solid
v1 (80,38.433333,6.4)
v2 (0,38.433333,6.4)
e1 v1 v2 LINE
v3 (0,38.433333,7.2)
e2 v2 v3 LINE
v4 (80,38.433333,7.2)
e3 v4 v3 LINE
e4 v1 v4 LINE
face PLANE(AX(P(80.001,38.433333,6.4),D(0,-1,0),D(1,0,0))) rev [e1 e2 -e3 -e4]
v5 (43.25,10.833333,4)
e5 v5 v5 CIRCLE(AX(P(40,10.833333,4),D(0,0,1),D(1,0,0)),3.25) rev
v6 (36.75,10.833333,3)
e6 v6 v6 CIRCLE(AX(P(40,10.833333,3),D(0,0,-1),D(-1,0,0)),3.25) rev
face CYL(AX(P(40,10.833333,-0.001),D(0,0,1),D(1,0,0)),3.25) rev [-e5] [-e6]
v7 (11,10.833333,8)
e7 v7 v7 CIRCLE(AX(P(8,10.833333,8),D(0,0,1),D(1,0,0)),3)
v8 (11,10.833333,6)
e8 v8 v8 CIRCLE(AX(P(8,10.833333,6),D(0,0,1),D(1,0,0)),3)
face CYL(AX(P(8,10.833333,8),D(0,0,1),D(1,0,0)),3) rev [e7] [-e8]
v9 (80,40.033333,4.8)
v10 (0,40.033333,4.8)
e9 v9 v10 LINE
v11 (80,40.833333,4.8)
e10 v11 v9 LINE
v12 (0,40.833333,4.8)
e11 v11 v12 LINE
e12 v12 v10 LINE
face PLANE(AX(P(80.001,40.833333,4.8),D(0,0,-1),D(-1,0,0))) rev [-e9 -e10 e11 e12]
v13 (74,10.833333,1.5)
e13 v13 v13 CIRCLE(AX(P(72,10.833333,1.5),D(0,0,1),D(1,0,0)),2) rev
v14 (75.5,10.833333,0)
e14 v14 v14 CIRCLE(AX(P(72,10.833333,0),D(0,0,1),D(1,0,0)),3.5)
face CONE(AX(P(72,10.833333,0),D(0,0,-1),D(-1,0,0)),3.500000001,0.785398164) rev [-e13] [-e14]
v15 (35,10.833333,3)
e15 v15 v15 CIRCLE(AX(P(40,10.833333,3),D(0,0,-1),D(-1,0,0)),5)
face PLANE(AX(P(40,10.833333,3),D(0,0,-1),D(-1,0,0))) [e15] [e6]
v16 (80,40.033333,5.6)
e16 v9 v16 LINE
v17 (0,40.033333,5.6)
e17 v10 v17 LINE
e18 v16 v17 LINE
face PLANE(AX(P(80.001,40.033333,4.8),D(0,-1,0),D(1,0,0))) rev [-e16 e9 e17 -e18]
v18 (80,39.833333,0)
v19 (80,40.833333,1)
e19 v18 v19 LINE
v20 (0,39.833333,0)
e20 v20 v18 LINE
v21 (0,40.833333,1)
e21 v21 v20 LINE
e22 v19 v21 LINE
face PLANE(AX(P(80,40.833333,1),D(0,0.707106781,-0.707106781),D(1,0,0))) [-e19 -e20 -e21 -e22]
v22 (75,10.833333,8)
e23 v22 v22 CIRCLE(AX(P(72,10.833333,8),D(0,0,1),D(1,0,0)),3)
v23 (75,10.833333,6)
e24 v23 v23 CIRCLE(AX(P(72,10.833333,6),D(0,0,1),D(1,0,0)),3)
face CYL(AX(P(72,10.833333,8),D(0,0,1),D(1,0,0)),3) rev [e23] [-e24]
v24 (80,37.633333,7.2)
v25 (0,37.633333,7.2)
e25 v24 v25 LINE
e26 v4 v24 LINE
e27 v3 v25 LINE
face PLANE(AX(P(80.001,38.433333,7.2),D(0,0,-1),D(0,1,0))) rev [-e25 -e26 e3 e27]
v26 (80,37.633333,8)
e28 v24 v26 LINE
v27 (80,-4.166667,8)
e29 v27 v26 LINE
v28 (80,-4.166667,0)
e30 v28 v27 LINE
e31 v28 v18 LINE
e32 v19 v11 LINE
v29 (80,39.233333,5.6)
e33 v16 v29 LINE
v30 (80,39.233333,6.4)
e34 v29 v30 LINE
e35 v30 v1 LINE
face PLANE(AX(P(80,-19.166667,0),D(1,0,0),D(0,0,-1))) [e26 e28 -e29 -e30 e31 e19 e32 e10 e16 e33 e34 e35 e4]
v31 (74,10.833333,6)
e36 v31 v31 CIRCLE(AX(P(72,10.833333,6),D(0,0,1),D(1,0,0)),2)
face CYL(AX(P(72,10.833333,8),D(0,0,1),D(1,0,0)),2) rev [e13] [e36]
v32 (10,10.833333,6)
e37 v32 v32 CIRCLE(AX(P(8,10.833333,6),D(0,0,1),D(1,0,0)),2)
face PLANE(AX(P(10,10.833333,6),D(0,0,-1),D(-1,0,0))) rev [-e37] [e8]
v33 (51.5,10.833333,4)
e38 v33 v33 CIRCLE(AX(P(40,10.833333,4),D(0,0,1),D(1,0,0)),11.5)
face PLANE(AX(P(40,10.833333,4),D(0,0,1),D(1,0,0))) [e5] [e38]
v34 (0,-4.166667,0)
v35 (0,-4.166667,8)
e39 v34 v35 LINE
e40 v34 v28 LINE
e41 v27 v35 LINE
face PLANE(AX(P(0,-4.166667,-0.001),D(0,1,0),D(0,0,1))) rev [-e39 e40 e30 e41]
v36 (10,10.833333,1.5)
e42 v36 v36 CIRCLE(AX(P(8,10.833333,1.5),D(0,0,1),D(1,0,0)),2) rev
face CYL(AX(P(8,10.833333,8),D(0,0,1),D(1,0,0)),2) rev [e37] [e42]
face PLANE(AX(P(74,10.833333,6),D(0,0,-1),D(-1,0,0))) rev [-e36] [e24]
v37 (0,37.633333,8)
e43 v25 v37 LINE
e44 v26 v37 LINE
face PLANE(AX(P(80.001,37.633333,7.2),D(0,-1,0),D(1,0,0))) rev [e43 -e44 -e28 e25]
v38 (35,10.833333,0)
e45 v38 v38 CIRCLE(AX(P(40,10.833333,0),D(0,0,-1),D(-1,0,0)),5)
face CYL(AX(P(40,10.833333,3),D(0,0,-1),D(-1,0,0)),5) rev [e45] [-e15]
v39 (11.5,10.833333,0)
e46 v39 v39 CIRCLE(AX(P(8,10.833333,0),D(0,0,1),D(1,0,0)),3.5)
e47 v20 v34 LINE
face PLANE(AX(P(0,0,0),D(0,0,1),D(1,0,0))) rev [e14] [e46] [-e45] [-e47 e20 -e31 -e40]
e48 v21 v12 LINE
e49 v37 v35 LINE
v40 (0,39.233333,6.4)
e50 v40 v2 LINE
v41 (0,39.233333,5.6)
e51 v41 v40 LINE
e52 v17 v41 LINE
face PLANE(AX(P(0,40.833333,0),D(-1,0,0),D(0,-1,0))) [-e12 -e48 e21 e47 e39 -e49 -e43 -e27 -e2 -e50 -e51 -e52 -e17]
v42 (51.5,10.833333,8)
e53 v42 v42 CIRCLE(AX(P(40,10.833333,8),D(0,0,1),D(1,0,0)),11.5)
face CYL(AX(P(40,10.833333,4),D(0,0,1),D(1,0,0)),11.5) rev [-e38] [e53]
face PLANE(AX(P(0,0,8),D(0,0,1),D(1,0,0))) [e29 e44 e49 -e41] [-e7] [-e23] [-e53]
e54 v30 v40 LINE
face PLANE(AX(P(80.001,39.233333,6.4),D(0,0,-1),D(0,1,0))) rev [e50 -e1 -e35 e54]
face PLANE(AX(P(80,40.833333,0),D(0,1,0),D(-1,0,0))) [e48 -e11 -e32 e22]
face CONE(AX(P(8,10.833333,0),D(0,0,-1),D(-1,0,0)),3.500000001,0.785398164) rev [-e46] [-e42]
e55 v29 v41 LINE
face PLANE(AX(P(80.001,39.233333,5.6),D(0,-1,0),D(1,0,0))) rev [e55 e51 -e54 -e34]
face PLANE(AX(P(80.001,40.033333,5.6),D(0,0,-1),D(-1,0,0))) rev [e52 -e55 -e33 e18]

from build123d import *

# Parameters (mm, degrees)
SKETCH_1_W                     = 80
SKETCH_1_H                     = 60
EXTRUDE_1_DEPTH                = 8
HOLE_WIZARD_M3_5_1_D           = 4
HOLE_WIZARD_M3_5_1_CBORE_D     = 6
HOLE_WIZARD_M3_5_1_CBORE_DEPTH = 2
SKETCH_14_W                    = 80
SKETCH_14_H                    = 2
SKETCH_14_W_2                  = 2
SKETCH_14_H_2                  = 16
CUT_EXTRUDE_1_DEPTH            = 1
CUT_EXTRUDE_2_REACH            = 92.174
SKETCH_15_R                    = 3.25
SKETCH_17_R                    = 11.5
CUT_EXTRUDE_4_DEPTH            = 4
SKETCH_18_R                    = 5
CUT_EXTRUDE_5_DEPTH            = 3
CHAMFER_1_SIZE                 = 1.499999999
CHAMFER_1_SIZE2                = 1.500000001
CHAMFER_2_SIZE                 = 1
SKETCH_20_W                    = 80
SKETCH_20_H                    = 6
CUT_EXTRUDE_6_DEPTH            = 1
SKETCH_21_W                    = 80
SKETCH_21_H                    = 4
CUT_EXTRUDE_7_DEPTH            = 1
SKETCH_22_W                    = 80
SKETCH_22_H                    = 2
CUT_EXTRUDE_8_DEPTH            = 1
SKETCH_23_R                    = 1
CUT_EXTRUDE_9_DEPTH            = 1
CUT_EXTRUDE_10_REACH           = 92.174
SKETCH_24_W                    = 80
SKETCH_24_H                    = 15
SKETCH_25_W                    = 80
SKETCH_25_H                    = 18
EXTRUDE_2_DEPTH                = 3
CUT_EXTRUDE_11_REACH           = 92.174


with BuildPart() as part:
    # 草图1 → 凸台-拉伸1 (new body)
    with BuildSketch(Plane.XY.offset(8)):
        with Locations((40, 10.833333333)):
            Rectangle(SKETCH_1_W, SKETCH_1_H)
    extrude(amount=-EXTRUDE_1_DEPTH)

    # M3.5 六角头机械螺钉的柱形沉头孔1 (through all)
    with Locations(Plane.XY.offset(8)):
        with Locations((8, 10.833333333), (72, 10.833333333)):
            CounterBoreHole(HOLE_WIZARD_M3_5_1_D / 2, HOLE_WIZARD_M3_5_1_CBORE_D / 2, HOLE_WIZARD_M3_5_1_CBORE_DEPTH)

    # 草图14 → 切除-拉伸1 (cut)
    with BuildSketch(Plane.XY.offset(8)):
        with Locations((40, 37.833333333)):
            Rectangle(SKETCH_14_W, SKETCH_14_H)
        Polygon((15, 40.833333333), (31, 24.833333333), (32.414213562, 26.247546896), (16.414213562, 42.247546896), align=None)
        with Locations((7, 32.833333333)):
            Rectangle(SKETCH_14_W_2, SKETCH_14_H_2)
        with Locations((40, 32.833333333)):
            Rectangle(SKETCH_14_W_2, SKETCH_14_H_2)
        with Locations((73, 32.833333333)):
            Rectangle(SKETCH_14_W_2, SKETCH_14_H_2)
        Polygon((47.585786438, 26.247546896), (63.585786438, 42.247546896), (65, 40.833333333), (49, 24.833333333), align=None)
    extrude(amount=-CUT_EXTRUDE_1_DEPTH, mode=Mode.SUBTRACT)

    # 草图15 → 切除-拉伸2 (cut, up to next)
    with BuildSketch(Plane.XY.offset(8), mode=Mode.PRIVATE) as cut_extrude_2_sk1:
        with Locations((40, 10.833333333)):
            Circle(SKETCH_15_R)
    cut_extrude_2_tool1 = extrude(cut_extrude_2_sk1.sketch, amount=-CUT_EXTRUDE_2_REACH, mode=Mode.PRIVATE) & part.part
    add(cut_extrude_2_tool1.solids().sort_by_distance((40, 10.833333, 8))[0], mode=Mode.SUBTRACT)

    # 草图17 → 切除-拉伸4 (cut)
    with BuildSketch(Plane.XY.offset(8)):
        with Locations((40, 10.833333333)):
            Circle(SKETCH_17_R)
    extrude(amount=-CUT_EXTRUDE_4_DEPTH, mode=Mode.SUBTRACT)

    # 草图18 → 切除-拉伸5 (cut)
    with BuildSketch(Plane(origin=(0, 0, 0), x_dir=(-1, 0, 0), z_dir=(0, 0, -1))):
        with Locations((-40, 10.833333333)):
            Circle(SKETCH_18_R)
    extrude(amount=-CUT_EXTRUDE_5_DEPTH, mode=Mode.SUBTRACT)

    # 倒角1
    chamfer_1_edges = [part.edges().sort_by_distance(p)[0] for p in [
        (74, 10.833333333, 0),
        (10, 10.833333333, 0),
    ]]
    chamfer_1_side = [part.faces().sort_by_distance(p)[0] for p in [
        (79, 10.833333333, 0),
    ]]
    chamfer(chamfer_1_edges, length=CHAMFER_1_SIZE, length2=CHAMFER_1_SIZE2, reference=chamfer_1_side[0])

    # 倒角2
    chamfer_2_edges = [part.edges().sort_by_distance(p)[0] for p in [
        (40, 40.833333333, 0),
    ]]
    chamfer(chamfer_2_edges, length=CHAMFER_2_SIZE)

    # 草图20 → 切除-拉伸6 (cut)
    with BuildSketch(Plane.XY.offset(8)):
        with Locations((40, -16.166666667)):
            Rectangle(SKETCH_20_W, SKETCH_20_H)
    extrude(amount=-CUT_EXTRUDE_6_DEPTH, mode=Mode.SUBTRACT)

    # 草图21 → 切除-拉伸7 (cut)
    with BuildSketch(Plane.XY.offset(7)):
        with Locations((40, -17.166666667)):
            Rectangle(SKETCH_21_W, SKETCH_21_H)
    extrude(amount=-CUT_EXTRUDE_7_DEPTH, mode=Mode.SUBTRACT)

    # 草图22 → 切除-拉伸8 (cut)
    with BuildSketch(Plane.XY.offset(6)):
        with Locations((40, -18.166666667)):
            Rectangle(SKETCH_22_W, SKETCH_22_H)
    extrude(amount=-CUT_EXTRUDE_8_DEPTH, mode=Mode.SUBTRACT)

    # 草图23 → 切除-拉伸9 (cut)
    with BuildSketch(Plane.XY.offset(8)):
        with Locations((7, 24.833333333)):
            Circle(SKETCH_23_R)
        with Locations((31.707106781, 25.540440115)):
            Circle(SKETCH_23_R)
        with Locations((40, 24.833333333)):
            Circle(SKETCH_23_R)
        with Locations((48.292893219, 25.540440115)):
            Circle(SKETCH_23_R)
        with Locations((73, 24.833333333)):
            Circle(SKETCH_23_R)
    extrude(amount=-CUT_EXTRUDE_9_DEPTH, mode=Mode.SUBTRACT)

    # 草图24 → 切除-拉伸10 (cut, up to next)
    with BuildSketch(Plane.XY.offset(8), mode=Mode.PRIVATE) as cut_extrude_10_sk1:
        with Locations((40, -11.666666667)):
            Rectangle(SKETCH_24_W, SKETCH_24_H)
    cut_extrude_10_tool1 = extrude(cut_extrude_10_sk1.sketch, amount=-CUT_EXTRUDE_10_REACH, mode=Mode.PRIVATE) & part.part
    add(cut_extrude_10_tool1.solids().sort_by_distance((40, -11.666667, 8))[0], mode=Mode.SUBTRACT)

    # 草图25 → 凸台-拉伸2 (add)
    with BuildSketch(Plane.XY.offset(8)):
        with Locations((40, 31.833333333)):
            Rectangle(SKETCH_25_W, SKETCH_25_H)
    extrude(amount=-EXTRUDE_2_DEPTH)

    # 草图26 → 切除-拉伸11 (cut, up to next)
    with BuildSketch(Plane.ZY, mode=Mode.PRIVATE) as cut_extrude_11_sk1:
        Polygon((4.8, 40.833333333), (4.8, 40.033333333), (5.6, 40.033333333), (5.6, 39.233333333), (6.4, 39.233333333), (6.4, 38.433333333), (7.2, 38.433333333), (7.2, 37.633333333), (8, 37.633333333), (8, 40.833333333), align=None)
    cut_extrude_11_tool1 = extrude(cut_extrude_11_sk1.sketch, amount=-CUT_EXTRUDE_11_REACH, mode=Mode.PRIVATE) & part.part
    add(cut_extrude_11_tool1.solids().sort_by_distance((0, 39.633333, 6.8))[0], mode=Mode.SUBTRACT)


solid = part.part
